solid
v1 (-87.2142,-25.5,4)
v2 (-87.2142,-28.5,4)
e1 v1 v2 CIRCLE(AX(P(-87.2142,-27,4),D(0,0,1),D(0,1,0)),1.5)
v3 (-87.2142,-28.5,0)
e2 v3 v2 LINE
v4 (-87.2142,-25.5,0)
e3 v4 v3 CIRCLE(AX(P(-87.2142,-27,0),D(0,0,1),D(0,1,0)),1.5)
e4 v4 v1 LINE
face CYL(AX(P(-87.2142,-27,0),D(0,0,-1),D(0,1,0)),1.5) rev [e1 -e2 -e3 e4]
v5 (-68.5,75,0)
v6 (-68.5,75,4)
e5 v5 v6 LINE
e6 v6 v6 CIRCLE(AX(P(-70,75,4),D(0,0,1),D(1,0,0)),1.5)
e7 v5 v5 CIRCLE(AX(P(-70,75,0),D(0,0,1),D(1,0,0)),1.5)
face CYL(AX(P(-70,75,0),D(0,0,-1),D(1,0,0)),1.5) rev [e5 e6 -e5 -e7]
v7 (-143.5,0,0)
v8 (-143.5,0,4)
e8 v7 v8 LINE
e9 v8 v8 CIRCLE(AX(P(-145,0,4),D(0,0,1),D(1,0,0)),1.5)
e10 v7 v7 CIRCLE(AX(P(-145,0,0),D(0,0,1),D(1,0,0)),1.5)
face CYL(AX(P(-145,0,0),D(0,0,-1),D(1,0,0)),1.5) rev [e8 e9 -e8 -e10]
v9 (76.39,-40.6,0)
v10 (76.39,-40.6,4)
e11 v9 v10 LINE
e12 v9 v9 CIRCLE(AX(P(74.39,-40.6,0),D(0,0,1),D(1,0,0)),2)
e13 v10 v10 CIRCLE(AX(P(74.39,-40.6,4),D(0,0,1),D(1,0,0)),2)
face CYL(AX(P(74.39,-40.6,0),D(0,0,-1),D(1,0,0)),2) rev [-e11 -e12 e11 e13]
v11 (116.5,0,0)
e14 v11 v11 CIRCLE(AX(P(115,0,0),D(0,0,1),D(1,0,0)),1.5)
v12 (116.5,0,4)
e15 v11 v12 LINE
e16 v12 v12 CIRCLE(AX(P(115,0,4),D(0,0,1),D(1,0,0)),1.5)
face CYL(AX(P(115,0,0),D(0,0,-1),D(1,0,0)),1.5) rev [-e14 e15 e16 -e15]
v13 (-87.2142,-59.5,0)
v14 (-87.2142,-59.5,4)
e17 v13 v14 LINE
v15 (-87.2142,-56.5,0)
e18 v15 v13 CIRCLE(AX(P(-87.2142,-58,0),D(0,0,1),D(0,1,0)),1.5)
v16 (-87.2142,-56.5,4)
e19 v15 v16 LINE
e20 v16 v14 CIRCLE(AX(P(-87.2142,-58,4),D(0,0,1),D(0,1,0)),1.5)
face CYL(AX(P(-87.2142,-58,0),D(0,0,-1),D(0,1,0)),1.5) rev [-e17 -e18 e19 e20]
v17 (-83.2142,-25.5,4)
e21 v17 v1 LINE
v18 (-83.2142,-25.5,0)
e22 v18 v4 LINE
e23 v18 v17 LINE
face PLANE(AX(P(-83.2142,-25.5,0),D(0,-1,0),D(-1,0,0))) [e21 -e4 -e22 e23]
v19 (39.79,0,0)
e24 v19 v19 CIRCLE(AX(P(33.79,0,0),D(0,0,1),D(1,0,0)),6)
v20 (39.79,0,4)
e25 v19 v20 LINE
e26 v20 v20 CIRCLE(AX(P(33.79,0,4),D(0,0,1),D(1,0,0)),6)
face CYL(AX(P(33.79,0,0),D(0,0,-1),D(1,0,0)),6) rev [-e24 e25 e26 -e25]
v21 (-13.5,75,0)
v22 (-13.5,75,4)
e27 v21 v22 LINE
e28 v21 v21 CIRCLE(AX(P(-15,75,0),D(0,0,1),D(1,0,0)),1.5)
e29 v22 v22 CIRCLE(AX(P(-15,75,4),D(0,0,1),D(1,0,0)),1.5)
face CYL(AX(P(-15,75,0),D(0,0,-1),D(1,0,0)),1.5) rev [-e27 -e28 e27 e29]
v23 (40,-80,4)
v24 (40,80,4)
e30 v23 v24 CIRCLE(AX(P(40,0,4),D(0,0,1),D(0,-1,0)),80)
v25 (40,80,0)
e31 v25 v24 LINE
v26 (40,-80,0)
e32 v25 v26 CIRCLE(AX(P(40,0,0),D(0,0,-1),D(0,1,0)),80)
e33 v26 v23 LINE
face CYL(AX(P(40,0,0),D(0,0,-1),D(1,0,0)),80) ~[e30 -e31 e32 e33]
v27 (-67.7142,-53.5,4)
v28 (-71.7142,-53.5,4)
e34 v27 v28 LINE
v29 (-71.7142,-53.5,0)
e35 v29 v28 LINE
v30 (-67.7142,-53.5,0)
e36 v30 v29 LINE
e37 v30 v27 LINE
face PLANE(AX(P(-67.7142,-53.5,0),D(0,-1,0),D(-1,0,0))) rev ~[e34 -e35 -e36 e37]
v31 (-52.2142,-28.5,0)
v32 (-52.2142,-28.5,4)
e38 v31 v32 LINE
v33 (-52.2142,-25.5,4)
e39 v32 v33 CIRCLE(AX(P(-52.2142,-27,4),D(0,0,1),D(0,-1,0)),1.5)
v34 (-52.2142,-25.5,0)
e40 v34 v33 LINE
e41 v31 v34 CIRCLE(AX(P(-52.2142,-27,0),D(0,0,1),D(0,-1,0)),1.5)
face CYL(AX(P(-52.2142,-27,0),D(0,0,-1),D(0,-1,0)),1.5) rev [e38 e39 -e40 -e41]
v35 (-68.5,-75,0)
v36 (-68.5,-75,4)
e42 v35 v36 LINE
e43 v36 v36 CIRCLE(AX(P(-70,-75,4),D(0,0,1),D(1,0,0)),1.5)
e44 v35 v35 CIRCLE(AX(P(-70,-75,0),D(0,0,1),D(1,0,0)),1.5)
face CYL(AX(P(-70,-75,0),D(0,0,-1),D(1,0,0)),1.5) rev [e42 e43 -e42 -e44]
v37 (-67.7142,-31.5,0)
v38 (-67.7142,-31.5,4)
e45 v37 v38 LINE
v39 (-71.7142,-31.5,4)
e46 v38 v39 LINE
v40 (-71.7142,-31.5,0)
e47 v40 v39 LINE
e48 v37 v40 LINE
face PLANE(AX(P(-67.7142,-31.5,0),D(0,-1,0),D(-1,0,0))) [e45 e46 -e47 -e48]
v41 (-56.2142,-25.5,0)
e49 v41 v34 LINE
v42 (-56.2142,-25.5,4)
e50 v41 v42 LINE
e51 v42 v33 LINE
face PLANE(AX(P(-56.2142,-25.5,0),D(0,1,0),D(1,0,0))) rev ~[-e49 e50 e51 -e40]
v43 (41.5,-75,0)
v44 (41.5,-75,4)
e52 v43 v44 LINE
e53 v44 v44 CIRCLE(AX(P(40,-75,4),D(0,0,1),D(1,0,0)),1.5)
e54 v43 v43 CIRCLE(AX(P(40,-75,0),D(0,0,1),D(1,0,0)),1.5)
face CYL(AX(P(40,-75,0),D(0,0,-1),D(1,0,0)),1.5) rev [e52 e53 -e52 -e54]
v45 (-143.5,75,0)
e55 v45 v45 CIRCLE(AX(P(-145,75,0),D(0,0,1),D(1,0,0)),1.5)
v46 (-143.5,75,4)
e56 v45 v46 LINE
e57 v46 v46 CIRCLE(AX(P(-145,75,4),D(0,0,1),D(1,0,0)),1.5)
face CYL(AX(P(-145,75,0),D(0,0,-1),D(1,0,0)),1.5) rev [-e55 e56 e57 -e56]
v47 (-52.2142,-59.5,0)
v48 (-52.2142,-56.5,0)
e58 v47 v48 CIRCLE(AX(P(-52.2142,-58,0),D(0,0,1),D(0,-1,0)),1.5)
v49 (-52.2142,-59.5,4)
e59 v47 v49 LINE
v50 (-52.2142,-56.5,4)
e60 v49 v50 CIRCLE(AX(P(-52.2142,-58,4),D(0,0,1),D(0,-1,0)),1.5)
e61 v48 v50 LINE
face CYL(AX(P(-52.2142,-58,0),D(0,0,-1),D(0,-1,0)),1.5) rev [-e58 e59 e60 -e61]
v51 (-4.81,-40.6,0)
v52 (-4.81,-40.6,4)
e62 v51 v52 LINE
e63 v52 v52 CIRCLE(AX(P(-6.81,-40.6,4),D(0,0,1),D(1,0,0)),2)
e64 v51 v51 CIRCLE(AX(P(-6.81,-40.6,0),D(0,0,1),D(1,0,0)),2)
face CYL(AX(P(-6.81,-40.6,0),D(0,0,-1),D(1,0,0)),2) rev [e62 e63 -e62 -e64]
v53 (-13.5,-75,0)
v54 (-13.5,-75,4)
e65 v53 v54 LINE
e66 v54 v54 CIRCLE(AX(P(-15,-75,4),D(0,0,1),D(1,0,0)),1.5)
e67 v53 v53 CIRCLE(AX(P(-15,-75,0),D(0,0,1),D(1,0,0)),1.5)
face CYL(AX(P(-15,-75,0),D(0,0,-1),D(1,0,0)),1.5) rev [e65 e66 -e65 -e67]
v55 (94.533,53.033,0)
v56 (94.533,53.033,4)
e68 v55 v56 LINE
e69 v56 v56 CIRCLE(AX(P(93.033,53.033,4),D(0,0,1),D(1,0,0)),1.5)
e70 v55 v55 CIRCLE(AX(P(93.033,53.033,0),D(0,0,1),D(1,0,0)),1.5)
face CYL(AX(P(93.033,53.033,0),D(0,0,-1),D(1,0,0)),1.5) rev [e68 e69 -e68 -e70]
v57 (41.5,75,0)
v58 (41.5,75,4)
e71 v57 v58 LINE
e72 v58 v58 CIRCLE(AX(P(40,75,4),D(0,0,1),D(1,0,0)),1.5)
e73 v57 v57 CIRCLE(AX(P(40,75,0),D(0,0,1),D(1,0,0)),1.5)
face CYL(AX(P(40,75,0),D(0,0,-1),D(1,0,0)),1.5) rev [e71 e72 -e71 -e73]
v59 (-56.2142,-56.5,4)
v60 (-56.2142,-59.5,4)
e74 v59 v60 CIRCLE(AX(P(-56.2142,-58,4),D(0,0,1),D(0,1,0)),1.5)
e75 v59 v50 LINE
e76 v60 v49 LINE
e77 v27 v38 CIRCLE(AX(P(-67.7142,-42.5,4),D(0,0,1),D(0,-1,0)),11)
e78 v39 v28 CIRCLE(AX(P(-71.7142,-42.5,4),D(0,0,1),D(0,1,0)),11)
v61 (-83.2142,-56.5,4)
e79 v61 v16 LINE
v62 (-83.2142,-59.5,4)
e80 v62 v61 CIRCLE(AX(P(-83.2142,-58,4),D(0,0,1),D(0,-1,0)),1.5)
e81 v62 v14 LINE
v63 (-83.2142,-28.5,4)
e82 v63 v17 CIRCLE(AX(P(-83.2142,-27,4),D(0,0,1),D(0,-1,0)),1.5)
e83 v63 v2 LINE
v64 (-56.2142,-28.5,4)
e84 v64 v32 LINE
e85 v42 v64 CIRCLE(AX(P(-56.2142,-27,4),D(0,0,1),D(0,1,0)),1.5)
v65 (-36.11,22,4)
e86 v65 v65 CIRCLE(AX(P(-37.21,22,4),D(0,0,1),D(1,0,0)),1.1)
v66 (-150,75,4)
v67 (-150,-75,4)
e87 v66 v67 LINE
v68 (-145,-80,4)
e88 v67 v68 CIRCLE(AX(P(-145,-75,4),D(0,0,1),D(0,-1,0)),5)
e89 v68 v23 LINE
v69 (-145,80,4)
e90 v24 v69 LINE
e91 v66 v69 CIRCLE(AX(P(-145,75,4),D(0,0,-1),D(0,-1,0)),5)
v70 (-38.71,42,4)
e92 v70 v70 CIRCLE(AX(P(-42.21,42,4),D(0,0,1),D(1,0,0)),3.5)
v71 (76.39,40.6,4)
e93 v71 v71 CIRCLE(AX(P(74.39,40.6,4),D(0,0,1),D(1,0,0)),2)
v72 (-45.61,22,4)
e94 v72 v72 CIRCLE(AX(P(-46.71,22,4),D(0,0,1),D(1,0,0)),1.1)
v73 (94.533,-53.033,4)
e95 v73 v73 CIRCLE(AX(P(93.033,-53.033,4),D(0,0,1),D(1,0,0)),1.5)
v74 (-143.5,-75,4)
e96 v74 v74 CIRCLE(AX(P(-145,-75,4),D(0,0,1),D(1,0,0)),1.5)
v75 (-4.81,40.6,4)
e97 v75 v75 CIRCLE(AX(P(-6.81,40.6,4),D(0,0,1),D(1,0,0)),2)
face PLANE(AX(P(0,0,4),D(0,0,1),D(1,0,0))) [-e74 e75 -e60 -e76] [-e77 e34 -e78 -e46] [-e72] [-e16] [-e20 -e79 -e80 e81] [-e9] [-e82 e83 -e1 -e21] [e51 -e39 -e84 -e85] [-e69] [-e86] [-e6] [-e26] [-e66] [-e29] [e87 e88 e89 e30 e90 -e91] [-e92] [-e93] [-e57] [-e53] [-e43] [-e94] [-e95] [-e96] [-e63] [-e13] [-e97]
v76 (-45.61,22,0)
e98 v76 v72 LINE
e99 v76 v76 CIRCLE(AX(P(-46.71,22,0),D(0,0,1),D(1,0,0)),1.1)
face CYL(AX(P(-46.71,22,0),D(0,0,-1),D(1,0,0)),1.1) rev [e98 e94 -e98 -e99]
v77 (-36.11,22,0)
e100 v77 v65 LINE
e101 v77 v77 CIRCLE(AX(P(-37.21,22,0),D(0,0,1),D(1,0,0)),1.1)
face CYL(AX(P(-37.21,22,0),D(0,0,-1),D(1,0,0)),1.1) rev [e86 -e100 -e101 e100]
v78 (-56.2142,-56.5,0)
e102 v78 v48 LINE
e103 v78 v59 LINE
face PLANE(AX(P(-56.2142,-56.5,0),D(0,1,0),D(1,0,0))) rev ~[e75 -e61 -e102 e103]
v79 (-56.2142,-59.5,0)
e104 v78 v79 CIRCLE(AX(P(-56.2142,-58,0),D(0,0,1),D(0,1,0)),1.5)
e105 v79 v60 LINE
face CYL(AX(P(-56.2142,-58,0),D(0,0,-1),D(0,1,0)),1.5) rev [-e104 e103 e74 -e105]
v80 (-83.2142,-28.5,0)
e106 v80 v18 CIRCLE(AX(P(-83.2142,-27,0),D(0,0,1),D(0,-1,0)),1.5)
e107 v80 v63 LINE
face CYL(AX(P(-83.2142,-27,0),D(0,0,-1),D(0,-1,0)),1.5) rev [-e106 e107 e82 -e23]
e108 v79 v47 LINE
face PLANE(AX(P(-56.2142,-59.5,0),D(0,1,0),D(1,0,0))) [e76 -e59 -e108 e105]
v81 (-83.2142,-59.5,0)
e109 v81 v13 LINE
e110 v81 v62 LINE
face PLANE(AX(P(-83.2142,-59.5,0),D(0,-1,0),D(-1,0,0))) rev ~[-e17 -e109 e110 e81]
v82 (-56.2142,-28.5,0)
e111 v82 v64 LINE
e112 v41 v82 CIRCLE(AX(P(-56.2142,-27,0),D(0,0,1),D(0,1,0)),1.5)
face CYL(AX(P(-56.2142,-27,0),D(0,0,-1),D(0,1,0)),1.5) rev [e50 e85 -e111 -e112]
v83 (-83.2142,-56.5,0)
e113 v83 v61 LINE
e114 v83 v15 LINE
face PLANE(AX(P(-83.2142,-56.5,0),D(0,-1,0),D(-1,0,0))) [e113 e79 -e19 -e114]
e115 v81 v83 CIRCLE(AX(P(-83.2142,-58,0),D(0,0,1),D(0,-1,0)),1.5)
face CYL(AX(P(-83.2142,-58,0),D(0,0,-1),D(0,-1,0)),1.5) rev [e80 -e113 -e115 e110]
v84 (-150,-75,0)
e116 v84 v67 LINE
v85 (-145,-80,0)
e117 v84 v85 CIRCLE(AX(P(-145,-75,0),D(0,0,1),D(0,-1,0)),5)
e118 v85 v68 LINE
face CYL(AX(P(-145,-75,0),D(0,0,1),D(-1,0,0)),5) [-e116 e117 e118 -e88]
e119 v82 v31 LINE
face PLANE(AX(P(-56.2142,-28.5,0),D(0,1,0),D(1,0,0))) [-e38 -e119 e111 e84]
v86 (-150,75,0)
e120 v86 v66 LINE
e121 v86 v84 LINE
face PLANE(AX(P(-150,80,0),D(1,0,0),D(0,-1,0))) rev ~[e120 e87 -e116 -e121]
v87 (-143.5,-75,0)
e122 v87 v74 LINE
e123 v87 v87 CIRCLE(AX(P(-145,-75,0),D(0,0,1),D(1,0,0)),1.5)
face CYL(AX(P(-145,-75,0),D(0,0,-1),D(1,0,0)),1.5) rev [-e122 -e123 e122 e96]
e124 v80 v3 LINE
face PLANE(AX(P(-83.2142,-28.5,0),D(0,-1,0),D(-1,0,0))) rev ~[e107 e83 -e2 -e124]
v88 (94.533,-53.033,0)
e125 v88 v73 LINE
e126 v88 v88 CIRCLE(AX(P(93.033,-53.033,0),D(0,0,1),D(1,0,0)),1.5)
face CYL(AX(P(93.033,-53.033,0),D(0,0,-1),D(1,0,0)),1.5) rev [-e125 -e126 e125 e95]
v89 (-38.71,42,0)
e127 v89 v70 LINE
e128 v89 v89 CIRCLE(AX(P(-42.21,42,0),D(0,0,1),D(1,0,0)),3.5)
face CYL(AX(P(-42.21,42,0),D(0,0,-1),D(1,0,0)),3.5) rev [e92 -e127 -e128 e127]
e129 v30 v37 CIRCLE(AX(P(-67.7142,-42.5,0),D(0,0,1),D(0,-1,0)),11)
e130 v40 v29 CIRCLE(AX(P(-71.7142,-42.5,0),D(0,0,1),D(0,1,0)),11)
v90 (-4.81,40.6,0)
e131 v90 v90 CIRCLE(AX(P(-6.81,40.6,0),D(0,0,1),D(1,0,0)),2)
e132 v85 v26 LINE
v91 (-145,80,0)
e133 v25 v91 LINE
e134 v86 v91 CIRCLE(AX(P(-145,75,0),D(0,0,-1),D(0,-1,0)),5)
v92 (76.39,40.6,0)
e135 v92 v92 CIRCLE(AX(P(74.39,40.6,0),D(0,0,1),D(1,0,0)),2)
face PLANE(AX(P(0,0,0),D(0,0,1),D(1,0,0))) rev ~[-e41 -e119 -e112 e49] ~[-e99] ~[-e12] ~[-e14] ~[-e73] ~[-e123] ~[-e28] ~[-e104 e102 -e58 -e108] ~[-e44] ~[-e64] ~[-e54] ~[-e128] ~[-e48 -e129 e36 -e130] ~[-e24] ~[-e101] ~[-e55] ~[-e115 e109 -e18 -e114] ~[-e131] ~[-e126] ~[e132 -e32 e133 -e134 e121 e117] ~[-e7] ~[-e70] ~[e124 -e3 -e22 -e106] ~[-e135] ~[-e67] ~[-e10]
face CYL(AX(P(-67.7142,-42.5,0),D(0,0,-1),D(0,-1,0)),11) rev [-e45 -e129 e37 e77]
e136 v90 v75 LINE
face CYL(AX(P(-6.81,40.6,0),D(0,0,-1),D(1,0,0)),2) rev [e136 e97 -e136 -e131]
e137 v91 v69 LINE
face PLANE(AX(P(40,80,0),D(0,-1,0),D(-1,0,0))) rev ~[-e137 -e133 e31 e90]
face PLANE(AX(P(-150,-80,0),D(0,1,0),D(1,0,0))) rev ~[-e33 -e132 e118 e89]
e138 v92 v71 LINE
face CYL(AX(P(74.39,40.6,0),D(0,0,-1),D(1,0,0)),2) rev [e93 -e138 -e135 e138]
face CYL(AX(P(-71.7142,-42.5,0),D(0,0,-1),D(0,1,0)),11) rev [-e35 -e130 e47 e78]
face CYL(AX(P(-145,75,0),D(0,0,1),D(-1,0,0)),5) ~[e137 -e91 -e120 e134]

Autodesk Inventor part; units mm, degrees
ref_plane "YZ Plane" through (0, 0, 0) normal (1, 0, 0) x (0, 1, 0)
ref_plane "XZ Plane" through (0, 0, 0) normal (0, 1, 0) x (-1, 0, 0)
ref_plane "XY Plane" through (0, 0, 0) normal (0, 0, 1) x (1, 0, 0)
sketch "Sketch1" plane through (0, 0, 0) normal (0, 0, 1) x (1, 0, 0)
  line L0 (-150, -80) -> (40, -80)
  line L1 (40, 80) -> (-150, 80)
  line L2 (-150, 80) -> (-150, -80)
  line L3 (-150, 0) -> (-107, 0) construction
  line L4 (-107, 0) -> (33.79, 0) construction
  line L5 (33.79, -40.6) -> (33.79, 40.6) construction
  line L6 (-6.81, 0) -> (74.39, 0) construction
  line L7 (33.79, 40.6) -> (74.39, 40.6) construction
  line L8 (74.39, 40.6) -> (74.39, 0) construction
  circle A0 centre (74.39, 40.6) radius 2
  circle A1 centre (74.39, -40.6) radius 2
  circle A2 centre (-6.81, 40.6) radius 2
  circle A3 centre (-6.81, -40.6) radius 2
  line L9 (33.79, 0) -> (33.79, 47) construction
  line L10 (33.79, 0) -> (33.79, -47) construction
  line L11 (-107, -80) -> (-107, -42.5) construction
  line L12 (-107, -42.5) -> (-71.7142, -42.5) construction
  line L13 (33.79, 0) -> (-69.7142, -42.5) construction
  circle A4 centre (-69.7142, -42.5) radius 11 construction
  line L14 (150, 0) -> (120, 0) construction
  line L15 (120, 0) -> (120, 0)
  arc A5 (40, -80) -> (120, 0) centre (40, 0) ccw
  arc A6 (120, 0) -> (40, 80) centre (40, 0) ccw
  line L16 (120, 0) -> (115, 0) construction
  circle A7 centre (115, 0) radius 1.5
  line L17 (40, 0) -> (96.5685, 56.5685) construction
  line L18 (96.5685, -56.5685) -> (93.033, -53.033) construction
  circle A8 centre (93.033, -53.033) radius 1.5
  line L19 (40, -80) -> (40, -75) construction
  circle A9 centre (40, -75) radius 1.5
  line L20 (40, -75) -> (-15, -75) construction
  line L21 (-15, -75) -> (-70, -75) construction
  line L22 (-150, -75) -> (-145, -75) construction
  circle A10 centre (-15, -75) radius 1.5
  circle A11 centre (-70, -75) radius 1.5
  circle A12 centre (-145, -75) radius 1.5
  circle A13 centre (-145, 0) radius 1.5
  circle A14 centre (93.033, 53.033) radius 1.5
  circle A15 centre (40, 75) radius 1.5
  circle A16 centre (-15, 75) radius 1.5
  circle A17 centre (-70, 75) radius 1.5
  circle A18 centre (-145, 75) radius 1.5
  line L23 (-145, -80) -> (-145, -75) construction
  line L24 (-150, 0) -> (-145, 0) construction
  line L25 (-71.7142, -42.5) -> (-67.7142, -42.5) construction
  line L26 (-85.2142, -42.5) -> (-54.2142, -42.5) construction
  line L27 (-69.7142, -27) -> (-69.7142, -58) construction
  line L28 (-69.7142, -27) -> (-85.2142, -27) construction
  line L29 (-85.2142, -27) -> (-85.2142, -42.5) construction
  circle A19 centre (-85.2142, -27) radius 1.5 construction
  circle A20 centre (-54.2142, -27) radius 1.5 construction
  circle A21 centre (-54.2142, -58) radius 1.5 construction
  circle A22 centre (-85.2142, -58) radius 1.5 construction
  line L30 (33.79, 0) -> (31.29, 0) construction
  line L31 (33.79, 0) -> (45.79, 0) construction
  line L32 (45.79, 0) -> (45.79, 58) construction
  circle A23 centre (45.79, 58) radius 1.1
  circle A24 centre (45.79, 65) radius 1.1
  line L33 (-83.2142, -27) -> (-87.2142, -27) construction
  arc A25 (-83.2142, -28.5) -> (-83.2142, -25.5) centre (-83.2142, -27) ccw
  line L34 (-83.2142, -28.5) -> (-87.2142, -28.5)
  line L35 (-83.2142, -25.5) -> (-87.2142, -25.5)
  arc A26 (-87.2142, -25.5) -> (-87.2142, -28.5) centre (-87.2142, -27) ccw
  circle A27 centre (-54.2142, -27) radius 1.5 construction
  line L36 (-56.2142, -27) -> (-52.2142, -27) construction
  arc A28 (-56.2142, -25.5) -> (-56.2142, -28.5) centre (-56.2142, -27) ccw
  line L37 (-56.2142, -28.5) -> (-52.2142, -28.5)
  line L38 (-56.2142, -25.5) -> (-52.2142, -25.5)
  arc A29 (-52.2142, -28.5) -> (-52.2142, -25.5) centre (-52.2142, -27) ccw
  line L39 (-69.7142, -58) -> (-85.2142, -58) construction
  circle A30 centre (-85.2142, -58) radius 1.5 construction
  circle A31 centre (-54.2142, -58) radius 1.5 construction
  line L40 (-83.2142, -58) -> (-87.2142, -58) construction
  arc A32 (-83.2142, -59.5) -> (-83.2142, -56.5) centre (-83.2142, -58) ccw
  line L41 (-83.2142, -56.5) -> (-87.2142, -56.5)
  line L42 (-83.2142, -59.5) -> (-87.2142, -59.5)
  arc A33 (-87.2142, -56.5) -> (-87.2142, -59.5) centre (-87.2142, -58) ccw
  line L43 (-56.2142, -56.5) -> (-52.2142, -56.5)
  arc A34 (-52.2142, -59.5) -> (-52.2142, -56.5) centre (-52.2142, -58) ccw
  line L44 (-56.2142, -58) -> (-52.2142, -58) construction
  circle A35 centre (-54.2142, -58) radius 1.5 construction
  line L45 (-56.2142, -59.5) -> (-52.2142, -59.5)
  arc A36 (-56.2142, -56.5) -> (-56.2142, -59.5) centre (-56.2142, -58) ccw
  arc A37 (-71.7142, -31.5) -> (-71.7142, -53.5) centre (-71.7142, -42.5) ccw
  arc A38 (-67.7142, -53.5) -> (-67.7142, -31.5) centre (-67.7142, -42.5) ccw
  line L46 (-67.7142, -31.5) -> (-71.7142, -31.5)
  line L47 (-67.7142, -53.5) -> (-71.7142, -53.5)
  circle A39 centre (-37.21, 22) radius 1.1
  circle A40 centre (-46.71, 22) radius 1.1
  circle A41 centre (-42.21, 42) radius 3.5
  circle A42 centre (33.79, 0) radius 6
  point P0 (0, 0)
  point P1 (120, -80)
  point P2 (120, 0)
  dimension "d4" = 43
  dimension "d6" = 140.79
  dimension "L_furos" = 81.2
  dimension "d9" = 81.2
  dimension "d11" = 4
  dimension "d30" = 47
  dimension "d40" = 37.5
  dimension "d45" = 111.89
  dimension "DN" = 22
  dimension "d47" = 30
  dimension "d49" = 80
  dimension "LF" = 5
  dimension "Furos" = 3
  dimension "d52" = 45
  dimension "d53" = 5
  dimension "d55" = 3
  dimension "d56" = 5
  dimension "d57" = 3
  dimension "d58" = 55
  dimension "d59" = 55
  dimension "d60" = 5
  dimension "d61" = 3
  dimension "d62" = 3
  dimension "d63" = 3
  dimension "d64" = 3
  dimension "d65" = 5
  dimension "d66" = 5
  dimension "d67" = 33.79
  dimension "d68" = 4
  dimension "d69" = 31
  dimension "d70" = 31
  dimension "FN" = 3
  dimension "d72" = 2.5
  dimension "d77" = 12
  dimension "NN" = 4
  dimension "d84" = 3
  dimension "d85" = 1.5
  dimension "d86" = 22
  dimension "d88" = 11
  dimension "d89" = 43
  dimension "d90" = 58
  dimension "d91" = 7
  dimension "d92" = 2.2
  dimension "d93" = 2.2
  dimension "d94" = 80
  dimension "d95" = 80
  dimension "d96" = 40
  dimension "d97" = 150
  dimension "d98" = 2.2
  dimension "d99" = 2.2
  dimension "d100" = 9.5
  dimension "d101" = 22
  dimension "d102" = 71
  dimension "d103" = 20
  dimension "d104" = 7
  dimension "d106" = 4.5
  dimension "d108" = 12
extrude "Extrusion1" add sketch "Sketch1" along normal blind 4 contours L2 L1 A6 A5 L0 | A23 | A24 | A39 | A40 | A41
extrude "Extrusion5" cut sketch "Sketch1" along normal up to surface (4 mm away) contours A39 | A40 | A41
fillet "Fillet1" radius 5 2 edges at (-150, -80, 2) (-150, 80, 2)
equation "\"d9\" = L_furos"
equation "\"d53\" = LF"
equation "\"d55\" = Furos"
equation "\"d56\" = LF"
equation "\"d57\" = Furos"
equation "\"d60\" = LF"
equation "\"d61\" = Furos"
equation "\"d62\" = Furos"
equation "\"d63\" = Furos"
equation "\"d64\" = Furos"
equation "\"d65\" = LF"
equation "\"d66\" = LF"
properties part number "Base_solida" material "Acrilico"
